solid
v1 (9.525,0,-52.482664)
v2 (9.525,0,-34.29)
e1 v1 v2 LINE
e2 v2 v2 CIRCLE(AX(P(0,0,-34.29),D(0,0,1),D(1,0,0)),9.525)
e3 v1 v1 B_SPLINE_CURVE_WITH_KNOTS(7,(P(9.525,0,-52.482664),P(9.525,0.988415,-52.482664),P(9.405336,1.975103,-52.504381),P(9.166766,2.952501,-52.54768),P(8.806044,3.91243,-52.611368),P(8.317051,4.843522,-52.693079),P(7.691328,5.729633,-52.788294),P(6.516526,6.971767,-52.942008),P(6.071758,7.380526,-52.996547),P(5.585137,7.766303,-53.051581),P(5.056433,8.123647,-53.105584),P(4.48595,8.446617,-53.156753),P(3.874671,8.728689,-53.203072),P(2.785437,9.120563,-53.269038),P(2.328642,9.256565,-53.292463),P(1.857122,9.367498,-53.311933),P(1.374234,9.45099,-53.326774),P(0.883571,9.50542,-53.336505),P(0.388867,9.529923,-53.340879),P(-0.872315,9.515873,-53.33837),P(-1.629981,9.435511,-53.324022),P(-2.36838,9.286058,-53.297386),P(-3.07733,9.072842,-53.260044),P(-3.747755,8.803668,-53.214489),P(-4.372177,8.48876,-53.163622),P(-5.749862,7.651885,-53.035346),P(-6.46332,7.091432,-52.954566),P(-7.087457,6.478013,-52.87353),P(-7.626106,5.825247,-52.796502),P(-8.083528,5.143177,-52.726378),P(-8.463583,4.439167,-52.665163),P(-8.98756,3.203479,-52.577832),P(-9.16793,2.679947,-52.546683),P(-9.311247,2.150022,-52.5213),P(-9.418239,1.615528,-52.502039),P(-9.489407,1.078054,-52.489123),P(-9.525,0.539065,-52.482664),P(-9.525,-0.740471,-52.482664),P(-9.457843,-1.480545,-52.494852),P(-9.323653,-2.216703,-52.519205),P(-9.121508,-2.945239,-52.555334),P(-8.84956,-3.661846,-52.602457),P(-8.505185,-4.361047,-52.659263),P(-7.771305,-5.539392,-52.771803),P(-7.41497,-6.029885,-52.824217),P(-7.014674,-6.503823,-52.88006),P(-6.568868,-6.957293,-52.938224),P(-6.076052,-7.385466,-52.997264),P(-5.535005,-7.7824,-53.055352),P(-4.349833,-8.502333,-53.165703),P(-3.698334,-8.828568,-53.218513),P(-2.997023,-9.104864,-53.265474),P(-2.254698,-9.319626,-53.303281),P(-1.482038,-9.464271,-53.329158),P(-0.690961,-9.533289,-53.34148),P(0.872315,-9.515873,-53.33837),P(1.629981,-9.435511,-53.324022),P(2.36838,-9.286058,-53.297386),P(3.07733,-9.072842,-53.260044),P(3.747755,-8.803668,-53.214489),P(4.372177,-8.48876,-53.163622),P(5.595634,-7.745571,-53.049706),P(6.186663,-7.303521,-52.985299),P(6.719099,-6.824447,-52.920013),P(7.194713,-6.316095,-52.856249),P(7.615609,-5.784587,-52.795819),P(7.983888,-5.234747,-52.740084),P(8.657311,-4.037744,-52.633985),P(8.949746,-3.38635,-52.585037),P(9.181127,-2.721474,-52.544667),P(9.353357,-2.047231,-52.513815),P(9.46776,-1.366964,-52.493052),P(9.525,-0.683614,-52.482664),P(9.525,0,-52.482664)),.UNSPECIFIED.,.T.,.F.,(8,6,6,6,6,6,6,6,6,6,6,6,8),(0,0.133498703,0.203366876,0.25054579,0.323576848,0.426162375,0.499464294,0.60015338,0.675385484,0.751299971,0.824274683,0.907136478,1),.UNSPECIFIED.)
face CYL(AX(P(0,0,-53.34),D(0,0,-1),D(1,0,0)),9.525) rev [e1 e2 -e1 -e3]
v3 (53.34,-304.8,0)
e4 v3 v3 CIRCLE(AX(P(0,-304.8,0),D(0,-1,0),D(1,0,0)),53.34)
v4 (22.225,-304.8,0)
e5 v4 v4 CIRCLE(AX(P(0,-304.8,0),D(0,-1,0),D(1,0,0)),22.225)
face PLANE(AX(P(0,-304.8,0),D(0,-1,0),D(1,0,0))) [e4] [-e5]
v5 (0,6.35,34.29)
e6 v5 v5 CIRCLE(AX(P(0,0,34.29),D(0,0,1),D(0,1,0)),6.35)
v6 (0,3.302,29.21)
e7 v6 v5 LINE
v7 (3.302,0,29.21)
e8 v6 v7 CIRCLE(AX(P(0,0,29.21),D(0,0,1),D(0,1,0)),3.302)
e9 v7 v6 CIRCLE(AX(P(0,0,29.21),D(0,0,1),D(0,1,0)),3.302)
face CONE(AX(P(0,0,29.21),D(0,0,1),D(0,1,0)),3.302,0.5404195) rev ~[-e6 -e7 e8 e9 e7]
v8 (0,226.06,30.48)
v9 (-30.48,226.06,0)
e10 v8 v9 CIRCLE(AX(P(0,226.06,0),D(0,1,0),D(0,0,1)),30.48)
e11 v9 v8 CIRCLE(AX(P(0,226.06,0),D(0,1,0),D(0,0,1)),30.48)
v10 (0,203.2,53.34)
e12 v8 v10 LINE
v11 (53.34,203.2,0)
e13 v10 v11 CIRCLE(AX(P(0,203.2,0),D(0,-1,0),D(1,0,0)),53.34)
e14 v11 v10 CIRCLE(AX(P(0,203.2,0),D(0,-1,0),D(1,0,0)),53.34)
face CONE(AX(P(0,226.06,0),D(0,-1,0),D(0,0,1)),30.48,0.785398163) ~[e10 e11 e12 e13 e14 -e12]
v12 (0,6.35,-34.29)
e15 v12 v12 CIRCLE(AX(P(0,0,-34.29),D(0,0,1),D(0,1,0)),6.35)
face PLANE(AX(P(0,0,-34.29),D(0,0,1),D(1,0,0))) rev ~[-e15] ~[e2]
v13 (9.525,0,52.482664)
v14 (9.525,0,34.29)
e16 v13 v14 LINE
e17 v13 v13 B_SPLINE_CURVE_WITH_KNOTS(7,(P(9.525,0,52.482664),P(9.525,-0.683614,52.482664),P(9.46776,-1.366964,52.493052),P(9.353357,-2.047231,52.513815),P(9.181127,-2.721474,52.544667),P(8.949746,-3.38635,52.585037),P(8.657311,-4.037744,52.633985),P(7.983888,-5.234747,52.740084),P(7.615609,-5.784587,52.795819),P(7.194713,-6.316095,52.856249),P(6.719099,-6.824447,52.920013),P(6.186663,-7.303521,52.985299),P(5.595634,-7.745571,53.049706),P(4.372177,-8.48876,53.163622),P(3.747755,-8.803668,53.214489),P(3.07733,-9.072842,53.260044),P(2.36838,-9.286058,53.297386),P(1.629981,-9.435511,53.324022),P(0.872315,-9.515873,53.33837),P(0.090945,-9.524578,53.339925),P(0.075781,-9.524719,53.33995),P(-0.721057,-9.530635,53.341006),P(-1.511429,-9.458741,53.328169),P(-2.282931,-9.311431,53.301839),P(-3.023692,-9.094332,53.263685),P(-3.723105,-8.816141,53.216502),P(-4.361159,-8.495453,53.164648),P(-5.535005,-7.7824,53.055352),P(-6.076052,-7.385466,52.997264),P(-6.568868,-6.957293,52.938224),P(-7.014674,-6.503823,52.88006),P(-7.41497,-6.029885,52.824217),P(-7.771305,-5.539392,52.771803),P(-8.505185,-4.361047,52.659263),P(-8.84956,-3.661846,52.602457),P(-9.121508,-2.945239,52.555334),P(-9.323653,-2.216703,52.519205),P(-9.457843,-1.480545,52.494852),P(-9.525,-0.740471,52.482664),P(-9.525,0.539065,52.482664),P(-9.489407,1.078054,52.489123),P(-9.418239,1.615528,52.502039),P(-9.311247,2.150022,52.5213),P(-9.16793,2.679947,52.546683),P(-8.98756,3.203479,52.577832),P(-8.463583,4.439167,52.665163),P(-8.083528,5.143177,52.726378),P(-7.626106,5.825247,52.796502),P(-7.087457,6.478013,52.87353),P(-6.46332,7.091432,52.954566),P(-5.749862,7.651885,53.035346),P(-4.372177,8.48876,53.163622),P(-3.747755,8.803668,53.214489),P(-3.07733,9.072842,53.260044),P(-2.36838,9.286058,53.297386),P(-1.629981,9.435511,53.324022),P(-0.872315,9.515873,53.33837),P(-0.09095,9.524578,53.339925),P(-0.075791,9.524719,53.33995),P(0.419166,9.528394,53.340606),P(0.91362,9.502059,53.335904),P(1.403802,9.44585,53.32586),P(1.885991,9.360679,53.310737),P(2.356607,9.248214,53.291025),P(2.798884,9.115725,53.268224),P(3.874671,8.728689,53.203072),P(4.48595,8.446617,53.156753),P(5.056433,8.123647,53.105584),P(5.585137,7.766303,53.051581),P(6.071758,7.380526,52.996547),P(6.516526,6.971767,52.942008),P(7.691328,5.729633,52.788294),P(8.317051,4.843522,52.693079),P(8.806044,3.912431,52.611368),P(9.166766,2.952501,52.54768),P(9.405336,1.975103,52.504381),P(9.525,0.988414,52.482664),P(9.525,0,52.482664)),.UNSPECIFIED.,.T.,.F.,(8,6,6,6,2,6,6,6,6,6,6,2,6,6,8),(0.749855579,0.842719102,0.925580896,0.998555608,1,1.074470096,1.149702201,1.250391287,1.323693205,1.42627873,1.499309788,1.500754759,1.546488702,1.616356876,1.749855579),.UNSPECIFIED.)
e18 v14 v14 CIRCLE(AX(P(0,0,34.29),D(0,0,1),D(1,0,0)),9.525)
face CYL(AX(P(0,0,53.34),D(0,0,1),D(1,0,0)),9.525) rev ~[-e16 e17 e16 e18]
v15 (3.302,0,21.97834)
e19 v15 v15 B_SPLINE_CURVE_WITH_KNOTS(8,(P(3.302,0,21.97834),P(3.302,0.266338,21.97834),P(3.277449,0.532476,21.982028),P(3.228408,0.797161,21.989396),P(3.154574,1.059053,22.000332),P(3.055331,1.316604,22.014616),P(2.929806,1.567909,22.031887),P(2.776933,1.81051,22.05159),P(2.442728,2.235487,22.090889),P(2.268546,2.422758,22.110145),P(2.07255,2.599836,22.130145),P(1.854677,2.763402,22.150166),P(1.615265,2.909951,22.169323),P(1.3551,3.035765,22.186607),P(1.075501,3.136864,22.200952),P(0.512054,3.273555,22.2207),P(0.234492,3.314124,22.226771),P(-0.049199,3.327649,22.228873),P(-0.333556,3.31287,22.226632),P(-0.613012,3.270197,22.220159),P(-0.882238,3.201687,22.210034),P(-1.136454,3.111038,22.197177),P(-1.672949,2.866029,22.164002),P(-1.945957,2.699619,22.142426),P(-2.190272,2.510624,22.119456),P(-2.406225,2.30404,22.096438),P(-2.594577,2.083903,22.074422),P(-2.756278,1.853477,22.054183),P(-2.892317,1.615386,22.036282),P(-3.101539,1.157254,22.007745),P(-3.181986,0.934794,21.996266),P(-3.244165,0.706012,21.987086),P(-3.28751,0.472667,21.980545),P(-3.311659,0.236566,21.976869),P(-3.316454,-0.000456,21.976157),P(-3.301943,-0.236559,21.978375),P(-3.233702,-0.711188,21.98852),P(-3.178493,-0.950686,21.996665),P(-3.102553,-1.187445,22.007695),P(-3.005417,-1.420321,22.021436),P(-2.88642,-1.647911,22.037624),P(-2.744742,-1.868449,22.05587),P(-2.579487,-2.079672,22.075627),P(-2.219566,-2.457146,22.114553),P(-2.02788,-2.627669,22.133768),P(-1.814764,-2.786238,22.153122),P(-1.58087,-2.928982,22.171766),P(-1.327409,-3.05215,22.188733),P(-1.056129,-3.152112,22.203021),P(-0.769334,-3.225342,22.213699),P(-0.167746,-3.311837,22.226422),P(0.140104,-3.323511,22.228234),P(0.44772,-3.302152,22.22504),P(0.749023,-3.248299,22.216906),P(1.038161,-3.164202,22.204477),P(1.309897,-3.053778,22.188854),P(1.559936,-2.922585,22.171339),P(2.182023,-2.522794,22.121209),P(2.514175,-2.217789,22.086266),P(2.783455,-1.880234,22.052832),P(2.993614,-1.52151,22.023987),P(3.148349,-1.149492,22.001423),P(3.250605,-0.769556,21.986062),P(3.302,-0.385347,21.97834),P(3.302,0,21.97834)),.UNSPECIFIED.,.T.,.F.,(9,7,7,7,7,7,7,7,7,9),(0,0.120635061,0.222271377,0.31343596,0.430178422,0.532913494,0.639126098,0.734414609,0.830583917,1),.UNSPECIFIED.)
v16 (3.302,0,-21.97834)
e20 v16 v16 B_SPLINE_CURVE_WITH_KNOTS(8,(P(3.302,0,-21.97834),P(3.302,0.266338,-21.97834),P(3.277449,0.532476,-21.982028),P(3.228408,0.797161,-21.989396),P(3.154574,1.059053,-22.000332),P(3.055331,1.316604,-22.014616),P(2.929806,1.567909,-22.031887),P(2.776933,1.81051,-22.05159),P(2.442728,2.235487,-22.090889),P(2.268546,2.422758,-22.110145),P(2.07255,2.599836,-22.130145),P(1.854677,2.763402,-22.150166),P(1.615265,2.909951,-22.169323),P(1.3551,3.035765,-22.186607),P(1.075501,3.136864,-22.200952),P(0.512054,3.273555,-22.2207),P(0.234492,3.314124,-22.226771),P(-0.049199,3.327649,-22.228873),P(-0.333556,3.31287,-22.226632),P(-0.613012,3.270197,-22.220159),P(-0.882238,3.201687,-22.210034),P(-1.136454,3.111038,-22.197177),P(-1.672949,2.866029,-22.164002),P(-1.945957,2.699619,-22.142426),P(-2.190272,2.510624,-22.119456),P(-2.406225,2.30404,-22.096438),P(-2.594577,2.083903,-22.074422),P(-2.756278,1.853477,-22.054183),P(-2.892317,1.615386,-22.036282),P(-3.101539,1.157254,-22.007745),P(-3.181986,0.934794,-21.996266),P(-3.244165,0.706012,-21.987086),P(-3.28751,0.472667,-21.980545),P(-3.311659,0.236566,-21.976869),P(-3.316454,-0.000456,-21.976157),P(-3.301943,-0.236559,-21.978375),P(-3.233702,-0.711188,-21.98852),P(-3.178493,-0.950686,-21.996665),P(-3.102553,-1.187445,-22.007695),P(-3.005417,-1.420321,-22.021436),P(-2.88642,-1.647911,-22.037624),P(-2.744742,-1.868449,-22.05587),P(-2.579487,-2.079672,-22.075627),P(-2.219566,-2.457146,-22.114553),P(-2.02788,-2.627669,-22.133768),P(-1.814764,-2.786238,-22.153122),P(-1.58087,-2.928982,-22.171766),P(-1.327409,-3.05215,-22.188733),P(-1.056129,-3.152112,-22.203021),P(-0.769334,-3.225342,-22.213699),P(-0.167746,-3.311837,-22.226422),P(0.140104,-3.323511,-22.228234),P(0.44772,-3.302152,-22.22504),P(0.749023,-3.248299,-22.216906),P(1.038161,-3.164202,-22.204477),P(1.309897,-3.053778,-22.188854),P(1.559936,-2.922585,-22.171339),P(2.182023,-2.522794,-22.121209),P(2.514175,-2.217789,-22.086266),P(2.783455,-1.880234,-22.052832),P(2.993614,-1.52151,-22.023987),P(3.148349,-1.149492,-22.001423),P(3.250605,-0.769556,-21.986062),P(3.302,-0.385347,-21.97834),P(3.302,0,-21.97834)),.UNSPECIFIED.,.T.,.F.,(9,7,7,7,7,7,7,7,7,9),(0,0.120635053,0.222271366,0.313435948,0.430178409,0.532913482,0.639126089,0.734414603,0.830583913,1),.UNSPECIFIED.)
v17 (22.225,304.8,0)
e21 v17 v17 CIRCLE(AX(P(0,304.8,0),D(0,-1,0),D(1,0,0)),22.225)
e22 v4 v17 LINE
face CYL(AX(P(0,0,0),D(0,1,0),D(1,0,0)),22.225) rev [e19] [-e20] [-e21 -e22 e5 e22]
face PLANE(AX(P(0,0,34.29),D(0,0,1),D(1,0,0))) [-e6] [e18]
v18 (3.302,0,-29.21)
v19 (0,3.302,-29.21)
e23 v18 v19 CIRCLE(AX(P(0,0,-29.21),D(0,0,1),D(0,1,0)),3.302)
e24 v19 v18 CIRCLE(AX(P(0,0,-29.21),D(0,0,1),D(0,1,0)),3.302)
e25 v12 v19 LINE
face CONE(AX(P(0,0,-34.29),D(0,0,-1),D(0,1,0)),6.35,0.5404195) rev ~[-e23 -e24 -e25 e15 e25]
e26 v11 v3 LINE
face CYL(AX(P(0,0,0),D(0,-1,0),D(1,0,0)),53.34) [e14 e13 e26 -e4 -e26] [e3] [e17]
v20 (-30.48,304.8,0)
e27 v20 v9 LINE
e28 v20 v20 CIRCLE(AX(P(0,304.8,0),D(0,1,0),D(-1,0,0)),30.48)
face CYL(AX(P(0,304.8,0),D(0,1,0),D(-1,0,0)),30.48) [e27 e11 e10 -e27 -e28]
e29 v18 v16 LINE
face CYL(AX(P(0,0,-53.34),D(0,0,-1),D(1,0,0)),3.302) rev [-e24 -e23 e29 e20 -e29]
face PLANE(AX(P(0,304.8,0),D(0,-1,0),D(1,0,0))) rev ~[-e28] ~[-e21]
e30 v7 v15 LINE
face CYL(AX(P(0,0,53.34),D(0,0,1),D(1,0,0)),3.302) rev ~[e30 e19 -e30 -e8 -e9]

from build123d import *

# Parameters (mm, degrees)
F0_R      = 53.34
F0_R_2    = 22.225
F1_DEPTH  = 304.8
F4_R      = 53.34
F4_R_2    = 30.48
F5_DEPTH  = 101.6
F10_R     = 9.525
F10_R_2   = 3.302
F11_DEPTH = 19.05
F12_DEPTH = 32.3616602869
F13_R     = 9.525
F13_R_2   = 3.302
F14_DEPTH = 19.05
F15_DEPTH = 32.3616602869


with BuildPart() as f1:
    # F0 (on Front) → F1 (new body, symmetric)
    with BuildSketch(Plane.XZ):
        Circle(F0_R)
        Circle(F0_R_2, mode=Mode.SUBTRACT)
    extrude(amount=F1_DEPTH, both=True)

    # F4 (on offset) → F5 (cut)
    with BuildSketch(Plane(origin=(0, 304.8, 0), x_dir=(-1, 0, 0), z_dir=(0, 1, 0))):
        Circle(F4_R)
        Circle(F4_R_2, mode=Mode.SUBTRACT)
    extrude(amount=-F5_DEPTH, mode=Mode.SUBTRACT)

    # F6 (on Right) → F7 (revolve)
    with BuildSketch(Plane.YZ):
        Polygon((203.2, 53.34), (203.2, 30.48), (226.06, 30.48), align=None)
    revolve(axis=Axis((0, 101.6, 0), (0, 1, 0)))

    # F10 (on offset) → F11 (cut)
    with BuildSketch(Plane.XY.offset(53.34)):
        Circle(F10_R)
        Circle(F10_R_2, mode=Mode.SUBTRACT)
        Circle(F10_R_2)
    extrude(amount=-F11_DEPTH, mode=Mode.SUBTRACT)

    # F10 (on offset) → F12 (cut, up to face)
    with BuildSketch(Plane.XY.offset(53.34)):
        Circle(F10_R_2)
    extrude(amount=-F12_DEPTH, mode=Mode.SUBTRACT)

    # F13 (on offset) → F14 (cut)
    with BuildSketch(Plane.XY.offset(-53.34)):
        Circle(F13_R)
        Circle(F13_R_2, mode=Mode.SUBTRACT)
        Circle(F13_R_2)
    extrude(amount=F14_DEPTH, mode=Mode.SUBTRACT)

    # F13 (on offset) → F15 (cut, up to face)
    with BuildSketch(Plane.XY.offset(-53.34)):
        Circle(F13_R_2)
    extrude(amount=F15_DEPTH, mode=Mode.SUBTRACT)

    # F16 (on Right) → F17 (revolve, cut)
    with BuildSketch(Plane.YZ):
        Polygon((6.35, 34.29), (3.302, 34.29), (3.302, 29.21), align=None)
        Polygon((6.35, -34.29), (3.302, -29.21), (3.302, -34.29), align=None)
    revolve(axis=Axis((0, 0, 17.145), (0, 0, 1)), mode=Mode.SUBTRACT)


solid = f1.part
